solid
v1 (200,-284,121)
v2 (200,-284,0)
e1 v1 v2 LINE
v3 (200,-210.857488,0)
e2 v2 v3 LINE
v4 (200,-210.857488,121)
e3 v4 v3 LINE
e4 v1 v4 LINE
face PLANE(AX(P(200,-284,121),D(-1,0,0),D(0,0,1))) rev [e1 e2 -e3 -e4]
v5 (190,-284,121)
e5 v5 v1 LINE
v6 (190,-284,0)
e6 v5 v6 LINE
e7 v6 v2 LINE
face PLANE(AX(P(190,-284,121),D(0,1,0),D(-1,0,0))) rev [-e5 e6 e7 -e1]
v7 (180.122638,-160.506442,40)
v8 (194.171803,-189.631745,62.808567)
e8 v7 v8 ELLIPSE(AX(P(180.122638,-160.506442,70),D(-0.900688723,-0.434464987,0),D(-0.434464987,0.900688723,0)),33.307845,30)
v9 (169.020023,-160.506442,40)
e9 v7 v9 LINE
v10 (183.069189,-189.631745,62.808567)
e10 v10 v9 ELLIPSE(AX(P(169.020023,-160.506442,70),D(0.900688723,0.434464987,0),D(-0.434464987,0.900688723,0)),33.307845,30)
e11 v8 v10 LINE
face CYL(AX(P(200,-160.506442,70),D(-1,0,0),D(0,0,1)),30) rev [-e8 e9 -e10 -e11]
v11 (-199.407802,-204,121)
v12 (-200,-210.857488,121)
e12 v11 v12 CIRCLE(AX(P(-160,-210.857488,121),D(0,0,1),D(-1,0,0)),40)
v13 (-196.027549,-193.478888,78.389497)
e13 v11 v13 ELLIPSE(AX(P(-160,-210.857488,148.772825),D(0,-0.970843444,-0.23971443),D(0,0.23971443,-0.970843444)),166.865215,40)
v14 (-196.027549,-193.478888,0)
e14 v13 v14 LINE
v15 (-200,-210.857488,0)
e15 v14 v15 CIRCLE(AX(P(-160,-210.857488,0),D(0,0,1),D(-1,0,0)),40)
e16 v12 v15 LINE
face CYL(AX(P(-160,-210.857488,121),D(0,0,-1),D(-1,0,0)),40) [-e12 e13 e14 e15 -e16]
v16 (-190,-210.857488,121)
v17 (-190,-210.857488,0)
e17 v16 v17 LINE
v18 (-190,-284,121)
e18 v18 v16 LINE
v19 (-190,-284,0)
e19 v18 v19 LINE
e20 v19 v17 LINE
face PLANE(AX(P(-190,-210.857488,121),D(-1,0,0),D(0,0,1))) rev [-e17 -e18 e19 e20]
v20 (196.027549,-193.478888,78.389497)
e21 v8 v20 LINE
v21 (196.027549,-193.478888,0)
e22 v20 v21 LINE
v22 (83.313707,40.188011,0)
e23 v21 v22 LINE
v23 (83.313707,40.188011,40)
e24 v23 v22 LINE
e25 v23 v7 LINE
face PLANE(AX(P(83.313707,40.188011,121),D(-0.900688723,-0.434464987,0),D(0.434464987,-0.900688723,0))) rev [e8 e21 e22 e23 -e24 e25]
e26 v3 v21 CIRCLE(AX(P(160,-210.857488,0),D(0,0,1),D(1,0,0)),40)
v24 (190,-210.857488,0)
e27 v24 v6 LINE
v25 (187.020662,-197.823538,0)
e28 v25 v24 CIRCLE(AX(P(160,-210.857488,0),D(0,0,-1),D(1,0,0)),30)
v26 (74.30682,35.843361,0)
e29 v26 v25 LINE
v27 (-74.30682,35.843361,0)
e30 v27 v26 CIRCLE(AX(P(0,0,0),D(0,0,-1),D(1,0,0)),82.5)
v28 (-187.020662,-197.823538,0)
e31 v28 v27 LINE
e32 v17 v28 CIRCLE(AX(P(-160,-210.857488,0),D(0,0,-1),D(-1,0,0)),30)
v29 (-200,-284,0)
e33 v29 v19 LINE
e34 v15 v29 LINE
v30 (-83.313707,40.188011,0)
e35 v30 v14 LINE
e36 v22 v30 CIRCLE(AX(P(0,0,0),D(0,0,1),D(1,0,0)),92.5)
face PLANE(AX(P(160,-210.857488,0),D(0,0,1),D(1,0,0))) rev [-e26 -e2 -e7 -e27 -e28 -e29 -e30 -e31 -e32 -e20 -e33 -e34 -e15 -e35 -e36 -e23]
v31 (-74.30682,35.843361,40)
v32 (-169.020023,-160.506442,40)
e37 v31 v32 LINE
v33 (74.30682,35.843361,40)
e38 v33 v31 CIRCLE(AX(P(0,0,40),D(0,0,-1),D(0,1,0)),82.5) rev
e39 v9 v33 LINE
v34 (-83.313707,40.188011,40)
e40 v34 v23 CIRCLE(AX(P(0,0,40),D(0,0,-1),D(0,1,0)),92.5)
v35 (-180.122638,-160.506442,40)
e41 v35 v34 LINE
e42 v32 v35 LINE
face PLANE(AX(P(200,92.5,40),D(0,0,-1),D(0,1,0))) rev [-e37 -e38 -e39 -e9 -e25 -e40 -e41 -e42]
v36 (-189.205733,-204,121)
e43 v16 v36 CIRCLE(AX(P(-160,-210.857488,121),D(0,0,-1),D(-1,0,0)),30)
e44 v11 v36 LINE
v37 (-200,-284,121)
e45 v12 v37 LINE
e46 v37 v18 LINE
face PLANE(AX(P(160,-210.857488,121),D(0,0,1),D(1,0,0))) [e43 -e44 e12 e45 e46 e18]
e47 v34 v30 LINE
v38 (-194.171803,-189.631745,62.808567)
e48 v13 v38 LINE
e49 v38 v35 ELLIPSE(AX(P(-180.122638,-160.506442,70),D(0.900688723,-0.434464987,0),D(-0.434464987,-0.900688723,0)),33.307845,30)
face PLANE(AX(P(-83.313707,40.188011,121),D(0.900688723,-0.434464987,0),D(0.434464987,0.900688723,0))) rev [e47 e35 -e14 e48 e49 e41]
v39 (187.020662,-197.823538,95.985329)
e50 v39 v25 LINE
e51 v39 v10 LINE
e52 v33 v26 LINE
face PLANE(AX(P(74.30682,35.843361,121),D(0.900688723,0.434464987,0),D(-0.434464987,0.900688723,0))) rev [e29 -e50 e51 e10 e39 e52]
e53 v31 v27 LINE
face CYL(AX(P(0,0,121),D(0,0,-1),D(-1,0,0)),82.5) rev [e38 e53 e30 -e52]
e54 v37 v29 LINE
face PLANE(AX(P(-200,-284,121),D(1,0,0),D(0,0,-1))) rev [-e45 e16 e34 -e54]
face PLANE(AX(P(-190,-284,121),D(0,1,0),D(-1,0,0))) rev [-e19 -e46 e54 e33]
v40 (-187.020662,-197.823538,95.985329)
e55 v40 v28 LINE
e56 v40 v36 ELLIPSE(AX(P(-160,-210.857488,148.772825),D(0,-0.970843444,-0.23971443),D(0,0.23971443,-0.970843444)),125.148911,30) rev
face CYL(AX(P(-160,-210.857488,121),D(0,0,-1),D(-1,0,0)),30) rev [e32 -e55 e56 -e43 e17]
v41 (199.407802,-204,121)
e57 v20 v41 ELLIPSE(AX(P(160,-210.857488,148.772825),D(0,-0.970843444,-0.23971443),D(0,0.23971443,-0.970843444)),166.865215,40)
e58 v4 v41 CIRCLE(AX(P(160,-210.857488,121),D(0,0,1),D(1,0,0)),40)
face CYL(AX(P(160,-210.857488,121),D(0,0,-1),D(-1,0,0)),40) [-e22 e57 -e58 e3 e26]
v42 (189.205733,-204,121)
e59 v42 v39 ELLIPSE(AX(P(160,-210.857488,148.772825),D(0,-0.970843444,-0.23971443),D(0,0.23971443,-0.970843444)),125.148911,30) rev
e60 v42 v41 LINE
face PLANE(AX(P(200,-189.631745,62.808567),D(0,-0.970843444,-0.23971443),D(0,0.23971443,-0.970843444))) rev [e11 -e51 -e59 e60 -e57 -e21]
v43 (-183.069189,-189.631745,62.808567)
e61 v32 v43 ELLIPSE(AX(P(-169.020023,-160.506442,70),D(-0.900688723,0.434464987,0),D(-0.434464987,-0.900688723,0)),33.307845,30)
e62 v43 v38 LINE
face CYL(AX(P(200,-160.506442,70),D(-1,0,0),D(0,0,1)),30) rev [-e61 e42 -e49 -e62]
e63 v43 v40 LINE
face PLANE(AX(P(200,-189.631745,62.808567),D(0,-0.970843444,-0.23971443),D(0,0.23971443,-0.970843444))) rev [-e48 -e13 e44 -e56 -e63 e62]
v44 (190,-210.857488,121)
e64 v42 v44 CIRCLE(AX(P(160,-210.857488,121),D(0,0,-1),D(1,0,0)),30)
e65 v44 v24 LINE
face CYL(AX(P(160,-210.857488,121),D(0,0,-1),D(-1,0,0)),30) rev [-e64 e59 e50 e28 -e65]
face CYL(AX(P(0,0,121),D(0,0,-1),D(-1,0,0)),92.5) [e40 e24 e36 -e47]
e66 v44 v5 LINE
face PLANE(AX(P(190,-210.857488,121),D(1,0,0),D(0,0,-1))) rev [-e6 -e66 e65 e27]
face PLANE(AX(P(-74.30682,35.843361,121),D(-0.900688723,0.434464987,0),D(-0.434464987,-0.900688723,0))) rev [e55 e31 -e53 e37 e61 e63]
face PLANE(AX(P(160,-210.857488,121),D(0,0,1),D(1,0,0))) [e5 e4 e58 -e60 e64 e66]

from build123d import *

# Parameters (mm, degrees)
EXTRUDE_1_DEPTH     = 121
CUT_EXTRUDE_1_DEPTH = 506.269235161


with BuildPart() as part:
    # 草图1 → 凸台-拉伸1 (new body)
    with BuildSketch(Plane.XY):
        with BuildLine():
            Line((-190, -210.857487736), (-190, -284))
            Line((-190, -284), (-200, -284))
            Line((-200, -284), (-200, -210.857487736))
            ThreePointArc((-200, -210.857487736), (-198.994242885, -201.944069658), (-196.027548908, -193.478888262))
            Line((-196.027548908, -193.478888262), (-83.313706851, 40.188011282))
            ThreePointArc((-83.313706851, 40.188011282), (0, 92.5), (83.313706851, 40.188011282))
            Line((83.313706851, 40.188011282), (196.027548908, -193.478888262))
            ThreePointArc((196.027548908, -193.478888262), (198.994242885, -201.944069658), (200, -210.857487736))
            Line((200, -210.857487736), (200, -284))
            Line((200, -284), (190, -284))
            Line((190, -284), (190, -210.857487736))
            ThreePointArc((190, -210.857487736), (189.245682164, -204.172424177), (187.020661681, -197.82353813))
            Line((187.020661681, -197.82353813), (74.306819623, 35.843361414))
            ThreePointArc((74.306819623, 35.843361414), (0, 82.5), (-74.306819623, 35.843361414))
            Line((-74.306819623, 35.843361414), (-187.020661681, -197.82353813))
            ThreePointArc((-187.020661681, -197.82353813), (-189.245682164, -204.172424177), (-190, -210.857487736))
        make_face()
    extrude(amount=EXTRUDE_1_DEPTH)

    # 草图2 → 切除-拉伸1 (cut, through all)
    with BuildSketch(Plane.ZY.offset(200)):
        with BuildLine():
            Line((40, 92.5), (40, -160.506441654))
            ThreePointArc((40, -160.506441654), (46.380696587, -179.003157748), (62.808567085, -189.631744959))
            Line((62.808567085, -189.631744959), (121, -204))
            Line((121, -204), (121, 92.5))
            Line((121, 92.5), (40, 92.5))
        make_face()
    extrude(amount=-CUT_EXTRUDE_1_DEPTH, mode=Mode.SUBTRACT)


solid = part.part
